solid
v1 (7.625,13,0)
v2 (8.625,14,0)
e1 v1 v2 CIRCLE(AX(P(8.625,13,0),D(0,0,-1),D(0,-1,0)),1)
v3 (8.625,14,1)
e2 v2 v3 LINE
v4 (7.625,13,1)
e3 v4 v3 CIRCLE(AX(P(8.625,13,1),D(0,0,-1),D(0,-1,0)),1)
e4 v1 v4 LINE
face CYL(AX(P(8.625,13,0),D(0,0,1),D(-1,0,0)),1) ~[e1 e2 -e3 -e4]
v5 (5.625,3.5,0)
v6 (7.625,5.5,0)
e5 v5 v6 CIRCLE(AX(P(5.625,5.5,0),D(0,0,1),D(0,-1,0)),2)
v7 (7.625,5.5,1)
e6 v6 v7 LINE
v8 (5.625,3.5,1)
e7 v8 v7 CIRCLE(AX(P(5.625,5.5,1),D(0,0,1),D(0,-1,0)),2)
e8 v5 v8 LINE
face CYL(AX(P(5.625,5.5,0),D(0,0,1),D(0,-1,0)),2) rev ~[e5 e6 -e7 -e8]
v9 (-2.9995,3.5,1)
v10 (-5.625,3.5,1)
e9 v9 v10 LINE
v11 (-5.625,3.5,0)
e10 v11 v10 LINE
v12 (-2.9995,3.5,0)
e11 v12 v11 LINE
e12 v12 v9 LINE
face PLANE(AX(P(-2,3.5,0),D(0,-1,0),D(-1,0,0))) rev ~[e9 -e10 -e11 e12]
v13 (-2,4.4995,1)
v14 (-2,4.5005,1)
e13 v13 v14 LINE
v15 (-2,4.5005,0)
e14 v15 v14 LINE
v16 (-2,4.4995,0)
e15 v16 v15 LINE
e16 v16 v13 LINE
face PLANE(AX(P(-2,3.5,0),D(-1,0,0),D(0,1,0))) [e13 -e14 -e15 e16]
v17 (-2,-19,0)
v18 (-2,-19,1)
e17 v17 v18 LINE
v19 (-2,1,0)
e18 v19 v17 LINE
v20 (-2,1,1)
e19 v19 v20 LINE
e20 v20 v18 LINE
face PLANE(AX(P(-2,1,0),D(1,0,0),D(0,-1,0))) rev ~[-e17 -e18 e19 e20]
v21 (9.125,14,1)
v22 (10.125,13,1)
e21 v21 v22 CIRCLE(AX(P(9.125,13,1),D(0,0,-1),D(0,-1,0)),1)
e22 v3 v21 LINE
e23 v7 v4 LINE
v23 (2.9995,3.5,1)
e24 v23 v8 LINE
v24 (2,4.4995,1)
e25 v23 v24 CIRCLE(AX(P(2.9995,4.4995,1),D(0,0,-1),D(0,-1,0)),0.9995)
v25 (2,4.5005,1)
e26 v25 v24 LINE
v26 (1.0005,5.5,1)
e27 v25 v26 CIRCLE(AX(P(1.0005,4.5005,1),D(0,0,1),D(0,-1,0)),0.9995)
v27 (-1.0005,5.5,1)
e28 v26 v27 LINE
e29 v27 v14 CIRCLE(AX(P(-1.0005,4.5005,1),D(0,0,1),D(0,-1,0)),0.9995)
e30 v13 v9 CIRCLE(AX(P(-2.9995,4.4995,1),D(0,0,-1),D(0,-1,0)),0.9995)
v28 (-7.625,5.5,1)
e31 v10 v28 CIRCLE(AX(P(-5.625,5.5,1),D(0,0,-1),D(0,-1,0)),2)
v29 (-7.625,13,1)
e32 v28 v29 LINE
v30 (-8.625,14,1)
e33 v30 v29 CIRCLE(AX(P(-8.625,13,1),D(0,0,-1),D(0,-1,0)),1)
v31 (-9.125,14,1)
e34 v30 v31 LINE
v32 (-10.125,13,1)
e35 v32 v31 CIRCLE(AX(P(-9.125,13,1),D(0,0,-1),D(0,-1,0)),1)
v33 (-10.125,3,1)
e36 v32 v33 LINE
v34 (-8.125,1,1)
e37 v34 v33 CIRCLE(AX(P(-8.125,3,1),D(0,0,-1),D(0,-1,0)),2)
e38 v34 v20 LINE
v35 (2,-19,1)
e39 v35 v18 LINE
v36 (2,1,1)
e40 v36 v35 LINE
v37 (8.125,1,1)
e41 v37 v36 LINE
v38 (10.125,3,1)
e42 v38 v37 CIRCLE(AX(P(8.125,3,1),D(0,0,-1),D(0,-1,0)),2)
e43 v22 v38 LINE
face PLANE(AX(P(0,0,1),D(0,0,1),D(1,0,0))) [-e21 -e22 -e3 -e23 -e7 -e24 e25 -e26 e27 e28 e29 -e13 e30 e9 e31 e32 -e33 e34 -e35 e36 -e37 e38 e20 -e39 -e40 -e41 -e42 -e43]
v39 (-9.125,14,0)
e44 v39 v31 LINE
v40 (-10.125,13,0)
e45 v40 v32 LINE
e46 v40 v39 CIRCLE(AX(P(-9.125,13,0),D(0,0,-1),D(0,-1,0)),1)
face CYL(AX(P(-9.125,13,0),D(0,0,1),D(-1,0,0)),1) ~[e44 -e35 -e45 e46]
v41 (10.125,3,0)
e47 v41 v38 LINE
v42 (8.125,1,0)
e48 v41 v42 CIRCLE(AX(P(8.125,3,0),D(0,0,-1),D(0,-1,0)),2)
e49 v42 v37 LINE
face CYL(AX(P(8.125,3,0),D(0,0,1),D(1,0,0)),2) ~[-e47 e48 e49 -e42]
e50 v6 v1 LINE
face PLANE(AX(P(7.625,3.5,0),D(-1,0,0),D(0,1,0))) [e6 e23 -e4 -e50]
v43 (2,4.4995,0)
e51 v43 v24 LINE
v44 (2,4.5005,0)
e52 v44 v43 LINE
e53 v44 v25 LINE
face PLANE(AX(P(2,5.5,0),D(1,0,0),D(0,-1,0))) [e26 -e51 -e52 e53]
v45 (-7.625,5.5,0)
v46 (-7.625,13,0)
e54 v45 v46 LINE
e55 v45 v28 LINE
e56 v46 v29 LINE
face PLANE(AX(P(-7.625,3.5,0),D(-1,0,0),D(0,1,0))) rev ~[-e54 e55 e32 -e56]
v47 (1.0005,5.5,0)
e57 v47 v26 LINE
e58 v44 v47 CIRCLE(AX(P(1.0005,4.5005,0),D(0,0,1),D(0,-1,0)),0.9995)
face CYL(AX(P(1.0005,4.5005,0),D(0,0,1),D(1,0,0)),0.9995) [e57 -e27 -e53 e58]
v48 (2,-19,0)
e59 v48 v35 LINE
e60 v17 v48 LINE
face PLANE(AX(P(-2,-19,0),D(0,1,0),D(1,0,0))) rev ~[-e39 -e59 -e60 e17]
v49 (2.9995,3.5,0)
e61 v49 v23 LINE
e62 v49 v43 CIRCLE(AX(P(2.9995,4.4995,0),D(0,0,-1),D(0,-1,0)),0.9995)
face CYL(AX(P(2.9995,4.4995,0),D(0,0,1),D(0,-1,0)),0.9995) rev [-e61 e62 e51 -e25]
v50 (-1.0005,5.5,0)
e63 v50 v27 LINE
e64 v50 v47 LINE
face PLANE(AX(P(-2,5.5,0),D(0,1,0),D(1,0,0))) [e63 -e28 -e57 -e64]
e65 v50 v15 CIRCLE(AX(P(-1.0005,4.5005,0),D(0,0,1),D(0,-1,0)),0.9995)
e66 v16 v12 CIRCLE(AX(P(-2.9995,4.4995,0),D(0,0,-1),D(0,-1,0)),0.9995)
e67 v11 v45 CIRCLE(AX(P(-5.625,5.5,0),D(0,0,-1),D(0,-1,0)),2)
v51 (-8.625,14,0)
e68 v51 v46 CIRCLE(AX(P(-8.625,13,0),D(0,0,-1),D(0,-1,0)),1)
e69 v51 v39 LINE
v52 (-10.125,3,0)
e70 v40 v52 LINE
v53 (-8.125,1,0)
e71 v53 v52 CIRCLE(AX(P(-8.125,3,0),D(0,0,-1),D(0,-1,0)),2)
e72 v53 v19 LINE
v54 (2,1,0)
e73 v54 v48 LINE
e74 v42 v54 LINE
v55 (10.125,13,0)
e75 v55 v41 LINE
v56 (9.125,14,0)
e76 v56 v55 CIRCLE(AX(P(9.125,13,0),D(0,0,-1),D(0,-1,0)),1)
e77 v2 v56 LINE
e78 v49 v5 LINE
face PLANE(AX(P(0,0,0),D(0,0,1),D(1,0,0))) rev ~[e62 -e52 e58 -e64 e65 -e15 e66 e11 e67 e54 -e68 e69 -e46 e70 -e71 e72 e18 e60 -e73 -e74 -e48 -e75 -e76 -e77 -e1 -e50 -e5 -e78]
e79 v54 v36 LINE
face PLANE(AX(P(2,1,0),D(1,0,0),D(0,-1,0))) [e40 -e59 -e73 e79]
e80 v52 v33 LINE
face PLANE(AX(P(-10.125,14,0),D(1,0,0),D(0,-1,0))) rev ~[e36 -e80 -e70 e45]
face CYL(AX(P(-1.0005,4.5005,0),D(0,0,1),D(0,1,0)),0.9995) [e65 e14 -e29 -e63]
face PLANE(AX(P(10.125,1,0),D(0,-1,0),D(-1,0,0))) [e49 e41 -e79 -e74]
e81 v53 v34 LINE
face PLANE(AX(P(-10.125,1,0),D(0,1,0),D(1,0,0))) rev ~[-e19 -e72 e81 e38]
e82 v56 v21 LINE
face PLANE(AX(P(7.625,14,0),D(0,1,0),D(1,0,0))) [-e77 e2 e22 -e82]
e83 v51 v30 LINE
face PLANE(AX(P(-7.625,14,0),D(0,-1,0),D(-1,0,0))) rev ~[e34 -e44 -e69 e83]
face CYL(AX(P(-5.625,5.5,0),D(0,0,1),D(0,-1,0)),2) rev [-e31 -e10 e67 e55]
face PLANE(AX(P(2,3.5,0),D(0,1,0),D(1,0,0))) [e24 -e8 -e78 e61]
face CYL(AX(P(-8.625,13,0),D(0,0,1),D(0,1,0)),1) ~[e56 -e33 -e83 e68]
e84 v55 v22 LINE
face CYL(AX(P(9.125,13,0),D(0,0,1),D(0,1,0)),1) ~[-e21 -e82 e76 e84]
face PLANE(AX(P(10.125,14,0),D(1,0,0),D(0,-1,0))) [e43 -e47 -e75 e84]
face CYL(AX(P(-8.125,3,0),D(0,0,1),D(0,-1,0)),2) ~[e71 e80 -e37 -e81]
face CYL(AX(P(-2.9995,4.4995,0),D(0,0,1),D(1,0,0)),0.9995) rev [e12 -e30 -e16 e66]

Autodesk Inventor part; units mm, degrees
ref_plane "YZ Plane" through (0, 0, 0) normal (1, 0, 0) x (0, 1, 0)
ref_plane "XZ Plane" through (0, 0, 0) normal (0, 1, 0) x (-1, 0, 0)
ref_plane "XY Plane" through (0, 0, 0) normal (0, 0, 1) x (1, 0, 0)
sketch "Sketch1" plane through (0, 0, 0) normal (0, 0, 1) x (1, 0, 0)
  line L0 (0, -25.6) -> (0, 20.6) projected
  line L1 (0, 3.5) -> (7.625, 3.5)
  line L2 (7.625, 3.5) -> (7.625, 14)
  line L3 (7.625, 14) -> (10.125, 14)
  line L4 (10.125, 14) -> (10.125, 1)
  line L5 (10.125, 1) -> (2, 1)
  line L6 (2, 1) -> (2, -19)
  line L7 (2, -19) -> (0, -19)
  line L8 (0, 3.5) -> (-7.625, 3.5)
  line L9 (-7.625, 3.5) -> (-7.625, 14)
  line L10 (-7.625, 14) -> (-10.125, 14)
  line L11 (-10.125, 14) -> (-10.125, 1)
  line L12 (-10.125, 1) -> (-2, 1)
  line L13 (-2, 1) -> (-2, -19)
  line L14 (-2, -19) -> (0, -19)
  line L15 (-2, 5.5) -> (2, 5.5)
  line L16 (2, 5.5) -> (2, 3.5)
  line L17 (2, 3.5) -> (-2, 3.5)
  line L18 (-2, 3.5) -> (-2, 5.5)
  point P0 (0, 0)
  point P1 (0, 5.5)
  dimension "d0" = 2.5
  dimension "d1" = 20.25
  dimension "d2" = 4
  dimension "d3" = 4
  dimension "d4" = 2
  dimension "d5" = 10.5
  dimension "d6" = 2.5
  dimension "d7" = 20
extrude "Extrusion1" add sketch "Sketch1" along normal blind 1
fillet "Fillet1" radius 1 4 edges at (-7.625, 14, 0.5) (-10.125, 14, 0.5) (7.625, 14, 0.5) (10.125, 14, 0.5)
fillet "Fillet2" radius 1 4 edges at (-2, 5.5, 0.5) (2, 5.5, 0.5) (2, 3.5, 0.5) (-2, 3.5, 0.5)
fillet "Fillet3" radius 2 4 edges at (-10.125, 1, 0.5) (10.125, 1, 0.5) (-7.625, 3.5, 0.5) (7.625, 3.5, 0.5)
properties part number "ASAP_Handle_Fixture_New2"
